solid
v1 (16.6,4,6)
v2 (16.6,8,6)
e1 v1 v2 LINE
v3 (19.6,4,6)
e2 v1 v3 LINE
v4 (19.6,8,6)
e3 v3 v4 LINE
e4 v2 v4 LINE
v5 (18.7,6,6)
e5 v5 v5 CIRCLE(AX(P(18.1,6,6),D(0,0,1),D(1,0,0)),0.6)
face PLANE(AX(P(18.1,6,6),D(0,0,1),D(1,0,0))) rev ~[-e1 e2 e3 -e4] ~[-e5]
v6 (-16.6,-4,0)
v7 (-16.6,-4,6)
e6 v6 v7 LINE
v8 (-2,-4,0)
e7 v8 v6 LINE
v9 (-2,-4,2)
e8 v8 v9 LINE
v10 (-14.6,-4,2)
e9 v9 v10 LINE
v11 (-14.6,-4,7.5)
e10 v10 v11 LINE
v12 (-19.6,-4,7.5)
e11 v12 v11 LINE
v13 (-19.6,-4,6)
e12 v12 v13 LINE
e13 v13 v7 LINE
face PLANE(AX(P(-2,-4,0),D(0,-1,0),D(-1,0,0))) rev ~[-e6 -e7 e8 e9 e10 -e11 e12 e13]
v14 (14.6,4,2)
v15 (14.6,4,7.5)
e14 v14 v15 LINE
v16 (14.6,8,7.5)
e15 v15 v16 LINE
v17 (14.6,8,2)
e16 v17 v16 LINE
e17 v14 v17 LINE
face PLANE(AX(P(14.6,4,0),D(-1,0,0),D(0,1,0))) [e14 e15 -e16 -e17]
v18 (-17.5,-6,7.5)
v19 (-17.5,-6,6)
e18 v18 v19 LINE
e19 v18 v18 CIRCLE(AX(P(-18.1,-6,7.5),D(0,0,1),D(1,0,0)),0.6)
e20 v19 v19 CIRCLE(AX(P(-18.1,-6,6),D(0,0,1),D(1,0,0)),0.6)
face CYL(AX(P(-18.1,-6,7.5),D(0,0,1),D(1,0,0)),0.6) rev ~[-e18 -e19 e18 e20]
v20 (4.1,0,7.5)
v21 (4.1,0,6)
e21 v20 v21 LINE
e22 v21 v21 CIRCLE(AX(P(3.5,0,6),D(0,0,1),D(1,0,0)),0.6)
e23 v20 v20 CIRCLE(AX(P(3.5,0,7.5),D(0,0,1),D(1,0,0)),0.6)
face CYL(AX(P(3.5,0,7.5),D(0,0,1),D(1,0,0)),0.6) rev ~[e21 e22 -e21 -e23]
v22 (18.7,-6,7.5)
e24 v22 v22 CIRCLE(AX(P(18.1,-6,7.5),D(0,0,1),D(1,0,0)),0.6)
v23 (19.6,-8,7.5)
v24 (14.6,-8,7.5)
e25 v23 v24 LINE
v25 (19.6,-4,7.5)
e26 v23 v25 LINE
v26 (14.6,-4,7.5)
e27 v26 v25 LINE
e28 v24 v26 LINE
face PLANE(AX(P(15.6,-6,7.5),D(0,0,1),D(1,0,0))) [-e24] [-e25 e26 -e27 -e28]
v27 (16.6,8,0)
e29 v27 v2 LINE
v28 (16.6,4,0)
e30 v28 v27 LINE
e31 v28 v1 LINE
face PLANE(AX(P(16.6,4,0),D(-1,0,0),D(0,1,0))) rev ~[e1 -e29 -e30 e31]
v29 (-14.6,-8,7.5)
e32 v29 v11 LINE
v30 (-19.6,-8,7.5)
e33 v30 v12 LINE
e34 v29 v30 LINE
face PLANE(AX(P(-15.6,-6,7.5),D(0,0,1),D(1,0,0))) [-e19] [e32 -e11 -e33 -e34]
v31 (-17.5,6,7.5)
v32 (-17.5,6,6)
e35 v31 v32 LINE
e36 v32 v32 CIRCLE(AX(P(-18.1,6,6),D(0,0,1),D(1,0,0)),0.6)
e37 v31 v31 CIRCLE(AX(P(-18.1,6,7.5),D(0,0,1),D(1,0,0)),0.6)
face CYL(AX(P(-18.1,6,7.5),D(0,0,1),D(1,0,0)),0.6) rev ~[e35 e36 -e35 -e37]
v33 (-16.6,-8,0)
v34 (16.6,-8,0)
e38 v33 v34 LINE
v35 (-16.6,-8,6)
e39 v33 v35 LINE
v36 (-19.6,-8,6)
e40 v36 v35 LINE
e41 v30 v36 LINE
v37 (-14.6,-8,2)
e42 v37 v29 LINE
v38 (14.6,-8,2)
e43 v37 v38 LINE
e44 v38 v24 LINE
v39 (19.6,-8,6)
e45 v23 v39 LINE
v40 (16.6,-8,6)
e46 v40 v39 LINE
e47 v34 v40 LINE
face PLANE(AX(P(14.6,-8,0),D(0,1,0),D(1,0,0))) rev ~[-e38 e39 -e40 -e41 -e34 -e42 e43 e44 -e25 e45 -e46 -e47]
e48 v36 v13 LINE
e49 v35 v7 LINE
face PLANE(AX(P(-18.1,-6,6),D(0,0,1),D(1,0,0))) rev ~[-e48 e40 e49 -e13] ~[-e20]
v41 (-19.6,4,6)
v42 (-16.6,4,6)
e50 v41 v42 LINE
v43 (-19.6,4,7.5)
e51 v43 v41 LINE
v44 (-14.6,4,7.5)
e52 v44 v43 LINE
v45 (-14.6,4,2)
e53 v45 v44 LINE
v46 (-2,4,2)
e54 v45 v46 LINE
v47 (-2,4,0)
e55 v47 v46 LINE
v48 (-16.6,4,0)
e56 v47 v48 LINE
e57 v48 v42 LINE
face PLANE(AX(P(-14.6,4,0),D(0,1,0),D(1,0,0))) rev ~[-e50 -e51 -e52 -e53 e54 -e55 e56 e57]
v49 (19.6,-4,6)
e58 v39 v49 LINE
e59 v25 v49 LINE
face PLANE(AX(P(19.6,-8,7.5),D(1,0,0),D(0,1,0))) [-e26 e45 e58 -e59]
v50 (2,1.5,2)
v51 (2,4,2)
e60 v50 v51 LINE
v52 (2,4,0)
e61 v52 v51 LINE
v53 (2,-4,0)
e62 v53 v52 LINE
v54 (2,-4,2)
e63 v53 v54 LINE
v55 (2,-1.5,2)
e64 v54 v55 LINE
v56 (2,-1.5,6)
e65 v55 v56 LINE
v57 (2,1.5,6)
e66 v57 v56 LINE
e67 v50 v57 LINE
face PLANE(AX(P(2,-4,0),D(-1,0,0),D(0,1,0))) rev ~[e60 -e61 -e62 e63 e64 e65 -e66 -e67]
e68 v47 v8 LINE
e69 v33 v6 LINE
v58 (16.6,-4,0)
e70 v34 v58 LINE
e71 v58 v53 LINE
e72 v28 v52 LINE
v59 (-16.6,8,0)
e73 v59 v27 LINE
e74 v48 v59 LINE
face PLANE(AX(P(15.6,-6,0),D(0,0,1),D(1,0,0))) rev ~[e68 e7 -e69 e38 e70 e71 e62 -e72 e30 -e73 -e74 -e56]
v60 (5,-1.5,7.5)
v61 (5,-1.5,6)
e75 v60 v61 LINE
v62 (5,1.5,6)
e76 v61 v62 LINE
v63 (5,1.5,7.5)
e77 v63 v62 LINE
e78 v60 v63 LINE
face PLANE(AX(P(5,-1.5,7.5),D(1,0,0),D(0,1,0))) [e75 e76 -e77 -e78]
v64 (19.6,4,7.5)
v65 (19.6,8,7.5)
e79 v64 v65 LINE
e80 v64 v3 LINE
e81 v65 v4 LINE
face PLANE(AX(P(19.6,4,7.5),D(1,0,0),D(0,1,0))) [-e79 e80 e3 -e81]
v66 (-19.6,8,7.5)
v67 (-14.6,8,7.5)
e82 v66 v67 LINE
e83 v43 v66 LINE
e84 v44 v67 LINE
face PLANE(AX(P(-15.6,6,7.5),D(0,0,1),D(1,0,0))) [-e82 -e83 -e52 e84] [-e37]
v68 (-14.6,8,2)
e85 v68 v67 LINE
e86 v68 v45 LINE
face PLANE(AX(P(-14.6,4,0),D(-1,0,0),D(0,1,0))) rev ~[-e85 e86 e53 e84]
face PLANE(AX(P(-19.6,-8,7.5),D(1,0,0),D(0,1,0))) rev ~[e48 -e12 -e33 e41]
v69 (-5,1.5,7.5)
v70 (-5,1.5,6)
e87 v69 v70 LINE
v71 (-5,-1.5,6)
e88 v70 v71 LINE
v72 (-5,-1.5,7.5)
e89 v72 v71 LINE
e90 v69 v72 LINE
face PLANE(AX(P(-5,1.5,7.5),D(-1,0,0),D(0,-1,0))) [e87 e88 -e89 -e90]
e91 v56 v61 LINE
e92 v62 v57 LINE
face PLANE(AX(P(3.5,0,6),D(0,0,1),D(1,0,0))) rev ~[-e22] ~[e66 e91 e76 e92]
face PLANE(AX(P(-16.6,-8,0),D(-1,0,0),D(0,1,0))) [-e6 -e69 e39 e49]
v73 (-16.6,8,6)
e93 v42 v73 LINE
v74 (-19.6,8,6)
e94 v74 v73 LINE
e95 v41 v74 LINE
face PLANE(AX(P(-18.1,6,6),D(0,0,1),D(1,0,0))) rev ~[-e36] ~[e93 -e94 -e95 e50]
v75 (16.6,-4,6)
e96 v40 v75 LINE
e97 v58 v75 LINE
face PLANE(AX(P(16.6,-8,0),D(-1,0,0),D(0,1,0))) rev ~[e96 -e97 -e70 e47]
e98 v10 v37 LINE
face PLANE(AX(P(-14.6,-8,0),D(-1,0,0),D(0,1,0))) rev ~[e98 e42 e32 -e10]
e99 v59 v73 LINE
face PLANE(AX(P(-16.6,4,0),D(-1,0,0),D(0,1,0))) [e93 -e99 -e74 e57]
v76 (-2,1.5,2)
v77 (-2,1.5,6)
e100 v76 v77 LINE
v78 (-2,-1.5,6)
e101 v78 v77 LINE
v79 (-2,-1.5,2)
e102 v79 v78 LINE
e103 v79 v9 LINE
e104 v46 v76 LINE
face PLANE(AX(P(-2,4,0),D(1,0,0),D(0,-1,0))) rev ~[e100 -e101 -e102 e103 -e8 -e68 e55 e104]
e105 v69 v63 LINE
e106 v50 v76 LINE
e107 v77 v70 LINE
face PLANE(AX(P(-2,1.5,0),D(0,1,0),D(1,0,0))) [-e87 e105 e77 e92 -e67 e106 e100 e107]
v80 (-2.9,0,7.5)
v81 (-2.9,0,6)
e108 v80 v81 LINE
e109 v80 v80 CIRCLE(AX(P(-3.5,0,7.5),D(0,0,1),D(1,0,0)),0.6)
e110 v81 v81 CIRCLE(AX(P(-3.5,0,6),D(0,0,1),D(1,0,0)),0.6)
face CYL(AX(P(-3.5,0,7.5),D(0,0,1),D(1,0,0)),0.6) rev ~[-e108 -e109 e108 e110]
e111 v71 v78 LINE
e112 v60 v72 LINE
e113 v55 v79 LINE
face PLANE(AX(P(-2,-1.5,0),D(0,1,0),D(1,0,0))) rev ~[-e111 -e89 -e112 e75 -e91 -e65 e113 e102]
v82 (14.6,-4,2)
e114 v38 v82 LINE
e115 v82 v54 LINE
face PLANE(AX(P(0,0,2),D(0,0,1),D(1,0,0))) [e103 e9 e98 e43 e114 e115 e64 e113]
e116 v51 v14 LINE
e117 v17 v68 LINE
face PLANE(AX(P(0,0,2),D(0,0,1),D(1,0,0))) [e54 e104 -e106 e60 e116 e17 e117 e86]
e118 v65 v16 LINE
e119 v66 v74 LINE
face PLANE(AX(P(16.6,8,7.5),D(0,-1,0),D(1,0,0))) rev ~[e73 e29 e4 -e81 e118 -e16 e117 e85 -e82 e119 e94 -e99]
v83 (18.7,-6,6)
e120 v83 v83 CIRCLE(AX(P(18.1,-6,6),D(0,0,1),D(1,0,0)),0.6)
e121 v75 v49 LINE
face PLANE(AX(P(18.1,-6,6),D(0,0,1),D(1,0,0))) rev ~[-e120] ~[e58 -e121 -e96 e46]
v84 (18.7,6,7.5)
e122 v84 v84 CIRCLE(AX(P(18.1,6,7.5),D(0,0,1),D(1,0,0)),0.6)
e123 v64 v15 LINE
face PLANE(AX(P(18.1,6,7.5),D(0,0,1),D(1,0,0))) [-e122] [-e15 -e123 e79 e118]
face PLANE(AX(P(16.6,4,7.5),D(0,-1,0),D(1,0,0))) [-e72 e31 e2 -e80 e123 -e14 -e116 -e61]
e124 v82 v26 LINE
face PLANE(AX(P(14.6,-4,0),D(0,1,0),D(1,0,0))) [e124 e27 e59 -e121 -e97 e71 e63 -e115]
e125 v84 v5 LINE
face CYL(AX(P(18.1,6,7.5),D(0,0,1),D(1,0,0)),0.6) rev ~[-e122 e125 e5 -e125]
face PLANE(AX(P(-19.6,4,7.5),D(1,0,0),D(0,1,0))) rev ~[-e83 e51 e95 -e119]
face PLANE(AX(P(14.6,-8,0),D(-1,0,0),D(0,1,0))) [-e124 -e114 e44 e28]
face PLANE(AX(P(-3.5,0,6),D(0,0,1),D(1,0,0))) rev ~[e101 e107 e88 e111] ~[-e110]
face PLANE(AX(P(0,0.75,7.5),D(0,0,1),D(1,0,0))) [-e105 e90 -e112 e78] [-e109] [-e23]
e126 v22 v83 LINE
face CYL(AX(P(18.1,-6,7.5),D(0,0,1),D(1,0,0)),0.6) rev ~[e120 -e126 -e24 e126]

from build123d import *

# Parameters (mm, degrees)
EXTRUDE_1_DEPTH = 2
SKETCH_1_6_W    = 2
SKETCH_1_6_H    = 4
SKETCH_1_6_W_2  = 4
SKETCH_1_6_H_2  = 1.5
EXTRUDE_2_DEPTH = 7.5
EXTRUDE_START   = 7.5
SKETCH_1_7_W    = 3
SKETCH_1_7_H    = 4
SKETCH_1_7_R    = 0.6
EXTRUDE_3_DEPTH = 1.5


with BuildPart() as part:
    # 草图1 → 凸台-拉伸1 (new body)
    with BuildSketch(Plane.XY):
        Polygon((-2, 4), (-2, -4), (-14.6, -4), (-14.6, -8), (14.6, -8), (14.6, -4), (2, -4), (2, 4), (14.6, 4), (14.6, 8), (-14.6, 8), (-14.6, 4), align=None)
    extrude(amount=EXTRUDE_1_DEPTH)

    # 草图1<6> → 凸台-拉伸2 (add)
    with BuildSketch(Plane.XY):
        with Locations((15.6, -6)):
            Rectangle(SKETCH_1_6_W, SKETCH_1_6_H)
        with Locations((15.6, 6)):
            Rectangle(SKETCH_1_6_W, SKETCH_1_6_H)
        with Locations((-15.6, 6)):
            Rectangle(SKETCH_1_6_W, SKETCH_1_6_H)
        with Locations((-15.6, -6)):
            Rectangle(SKETCH_1_6_W, SKETCH_1_6_H)
        with Locations((0, 0.75)):
            Rectangle(SKETCH_1_6_W_2, SKETCH_1_6_H_2)
        with Locations((0, -0.75)):
            Rectangle(SKETCH_1_6_W_2, SKETCH_1_6_H_2)
    extrude(amount=EXTRUDE_2_DEPTH)

    # 草图1<7> → 凸台-拉伸3 (add)
    # profile 1 of 6: a face of its own
    with BuildSketch(Plane.XY.offset(EXTRUDE_START)):
        with Locations((18.1, 6)):
            Rectangle(SKETCH_1_7_W, SKETCH_1_7_H)
        with Locations((18.1, 6)):
            Circle(SKETCH_1_7_R, mode=Mode.SUBTRACT)
    # profile 2 of 6: a face of its own
    with BuildSketch(Plane.XY.offset(EXTRUDE_START)):
        with Locations((18.1, -6)):
            Rectangle(SKETCH_1_7_W, SKETCH_1_7_H)
        with Locations((18.1, -6)):
            Circle(SKETCH_1_7_R, mode=Mode.SUBTRACT)
    # profile 3 of 6: a face of its own
    with BuildSketch(Plane.XY.offset(EXTRUDE_START)):
        with Locations((-18.1, 6)):
            Rectangle(SKETCH_1_7_W, SKETCH_1_7_H)
        with Locations((-18.1, 6)):
            Circle(SKETCH_1_7_R, mode=Mode.SUBTRACT)
    # profile 4 of 6: a face of its own
    with BuildSketch(Plane.XY.offset(EXTRUDE_START)):
        with Locations((-18.1, -6)):
            Rectangle(SKETCH_1_7_W, SKETCH_1_7_H)
        with Locations((-18.1, -6)):
            Circle(SKETCH_1_7_R, mode=Mode.SUBTRACT)
    # profile 5 of 6: a face of its own
    with BuildSketch(Plane.XY.offset(EXTRUDE_START)):
        Polygon((-2, -1.5), (-2, 0), (-2, 1.5), (-5, 1.5), (-5, -1.5), align=None)
        with Locations((-3.5, 0)):
            Circle(SKETCH_1_7_R, mode=Mode.SUBTRACT)
    # profile 6 of 6: a face of its own
    with BuildSketch(Plane.XY.offset(EXTRUDE_START)):
        Polygon((2, 1.5), (2, 0), (2, -1.5), (5, -1.5), (5, 1.5), align=None)
        with Locations((3.5, 0)):
            Circle(SKETCH_1_7_R, mode=Mode.SUBTRACT)
    extrude(amount=-EXTRUDE_3_DEPTH)


solid = part.part
